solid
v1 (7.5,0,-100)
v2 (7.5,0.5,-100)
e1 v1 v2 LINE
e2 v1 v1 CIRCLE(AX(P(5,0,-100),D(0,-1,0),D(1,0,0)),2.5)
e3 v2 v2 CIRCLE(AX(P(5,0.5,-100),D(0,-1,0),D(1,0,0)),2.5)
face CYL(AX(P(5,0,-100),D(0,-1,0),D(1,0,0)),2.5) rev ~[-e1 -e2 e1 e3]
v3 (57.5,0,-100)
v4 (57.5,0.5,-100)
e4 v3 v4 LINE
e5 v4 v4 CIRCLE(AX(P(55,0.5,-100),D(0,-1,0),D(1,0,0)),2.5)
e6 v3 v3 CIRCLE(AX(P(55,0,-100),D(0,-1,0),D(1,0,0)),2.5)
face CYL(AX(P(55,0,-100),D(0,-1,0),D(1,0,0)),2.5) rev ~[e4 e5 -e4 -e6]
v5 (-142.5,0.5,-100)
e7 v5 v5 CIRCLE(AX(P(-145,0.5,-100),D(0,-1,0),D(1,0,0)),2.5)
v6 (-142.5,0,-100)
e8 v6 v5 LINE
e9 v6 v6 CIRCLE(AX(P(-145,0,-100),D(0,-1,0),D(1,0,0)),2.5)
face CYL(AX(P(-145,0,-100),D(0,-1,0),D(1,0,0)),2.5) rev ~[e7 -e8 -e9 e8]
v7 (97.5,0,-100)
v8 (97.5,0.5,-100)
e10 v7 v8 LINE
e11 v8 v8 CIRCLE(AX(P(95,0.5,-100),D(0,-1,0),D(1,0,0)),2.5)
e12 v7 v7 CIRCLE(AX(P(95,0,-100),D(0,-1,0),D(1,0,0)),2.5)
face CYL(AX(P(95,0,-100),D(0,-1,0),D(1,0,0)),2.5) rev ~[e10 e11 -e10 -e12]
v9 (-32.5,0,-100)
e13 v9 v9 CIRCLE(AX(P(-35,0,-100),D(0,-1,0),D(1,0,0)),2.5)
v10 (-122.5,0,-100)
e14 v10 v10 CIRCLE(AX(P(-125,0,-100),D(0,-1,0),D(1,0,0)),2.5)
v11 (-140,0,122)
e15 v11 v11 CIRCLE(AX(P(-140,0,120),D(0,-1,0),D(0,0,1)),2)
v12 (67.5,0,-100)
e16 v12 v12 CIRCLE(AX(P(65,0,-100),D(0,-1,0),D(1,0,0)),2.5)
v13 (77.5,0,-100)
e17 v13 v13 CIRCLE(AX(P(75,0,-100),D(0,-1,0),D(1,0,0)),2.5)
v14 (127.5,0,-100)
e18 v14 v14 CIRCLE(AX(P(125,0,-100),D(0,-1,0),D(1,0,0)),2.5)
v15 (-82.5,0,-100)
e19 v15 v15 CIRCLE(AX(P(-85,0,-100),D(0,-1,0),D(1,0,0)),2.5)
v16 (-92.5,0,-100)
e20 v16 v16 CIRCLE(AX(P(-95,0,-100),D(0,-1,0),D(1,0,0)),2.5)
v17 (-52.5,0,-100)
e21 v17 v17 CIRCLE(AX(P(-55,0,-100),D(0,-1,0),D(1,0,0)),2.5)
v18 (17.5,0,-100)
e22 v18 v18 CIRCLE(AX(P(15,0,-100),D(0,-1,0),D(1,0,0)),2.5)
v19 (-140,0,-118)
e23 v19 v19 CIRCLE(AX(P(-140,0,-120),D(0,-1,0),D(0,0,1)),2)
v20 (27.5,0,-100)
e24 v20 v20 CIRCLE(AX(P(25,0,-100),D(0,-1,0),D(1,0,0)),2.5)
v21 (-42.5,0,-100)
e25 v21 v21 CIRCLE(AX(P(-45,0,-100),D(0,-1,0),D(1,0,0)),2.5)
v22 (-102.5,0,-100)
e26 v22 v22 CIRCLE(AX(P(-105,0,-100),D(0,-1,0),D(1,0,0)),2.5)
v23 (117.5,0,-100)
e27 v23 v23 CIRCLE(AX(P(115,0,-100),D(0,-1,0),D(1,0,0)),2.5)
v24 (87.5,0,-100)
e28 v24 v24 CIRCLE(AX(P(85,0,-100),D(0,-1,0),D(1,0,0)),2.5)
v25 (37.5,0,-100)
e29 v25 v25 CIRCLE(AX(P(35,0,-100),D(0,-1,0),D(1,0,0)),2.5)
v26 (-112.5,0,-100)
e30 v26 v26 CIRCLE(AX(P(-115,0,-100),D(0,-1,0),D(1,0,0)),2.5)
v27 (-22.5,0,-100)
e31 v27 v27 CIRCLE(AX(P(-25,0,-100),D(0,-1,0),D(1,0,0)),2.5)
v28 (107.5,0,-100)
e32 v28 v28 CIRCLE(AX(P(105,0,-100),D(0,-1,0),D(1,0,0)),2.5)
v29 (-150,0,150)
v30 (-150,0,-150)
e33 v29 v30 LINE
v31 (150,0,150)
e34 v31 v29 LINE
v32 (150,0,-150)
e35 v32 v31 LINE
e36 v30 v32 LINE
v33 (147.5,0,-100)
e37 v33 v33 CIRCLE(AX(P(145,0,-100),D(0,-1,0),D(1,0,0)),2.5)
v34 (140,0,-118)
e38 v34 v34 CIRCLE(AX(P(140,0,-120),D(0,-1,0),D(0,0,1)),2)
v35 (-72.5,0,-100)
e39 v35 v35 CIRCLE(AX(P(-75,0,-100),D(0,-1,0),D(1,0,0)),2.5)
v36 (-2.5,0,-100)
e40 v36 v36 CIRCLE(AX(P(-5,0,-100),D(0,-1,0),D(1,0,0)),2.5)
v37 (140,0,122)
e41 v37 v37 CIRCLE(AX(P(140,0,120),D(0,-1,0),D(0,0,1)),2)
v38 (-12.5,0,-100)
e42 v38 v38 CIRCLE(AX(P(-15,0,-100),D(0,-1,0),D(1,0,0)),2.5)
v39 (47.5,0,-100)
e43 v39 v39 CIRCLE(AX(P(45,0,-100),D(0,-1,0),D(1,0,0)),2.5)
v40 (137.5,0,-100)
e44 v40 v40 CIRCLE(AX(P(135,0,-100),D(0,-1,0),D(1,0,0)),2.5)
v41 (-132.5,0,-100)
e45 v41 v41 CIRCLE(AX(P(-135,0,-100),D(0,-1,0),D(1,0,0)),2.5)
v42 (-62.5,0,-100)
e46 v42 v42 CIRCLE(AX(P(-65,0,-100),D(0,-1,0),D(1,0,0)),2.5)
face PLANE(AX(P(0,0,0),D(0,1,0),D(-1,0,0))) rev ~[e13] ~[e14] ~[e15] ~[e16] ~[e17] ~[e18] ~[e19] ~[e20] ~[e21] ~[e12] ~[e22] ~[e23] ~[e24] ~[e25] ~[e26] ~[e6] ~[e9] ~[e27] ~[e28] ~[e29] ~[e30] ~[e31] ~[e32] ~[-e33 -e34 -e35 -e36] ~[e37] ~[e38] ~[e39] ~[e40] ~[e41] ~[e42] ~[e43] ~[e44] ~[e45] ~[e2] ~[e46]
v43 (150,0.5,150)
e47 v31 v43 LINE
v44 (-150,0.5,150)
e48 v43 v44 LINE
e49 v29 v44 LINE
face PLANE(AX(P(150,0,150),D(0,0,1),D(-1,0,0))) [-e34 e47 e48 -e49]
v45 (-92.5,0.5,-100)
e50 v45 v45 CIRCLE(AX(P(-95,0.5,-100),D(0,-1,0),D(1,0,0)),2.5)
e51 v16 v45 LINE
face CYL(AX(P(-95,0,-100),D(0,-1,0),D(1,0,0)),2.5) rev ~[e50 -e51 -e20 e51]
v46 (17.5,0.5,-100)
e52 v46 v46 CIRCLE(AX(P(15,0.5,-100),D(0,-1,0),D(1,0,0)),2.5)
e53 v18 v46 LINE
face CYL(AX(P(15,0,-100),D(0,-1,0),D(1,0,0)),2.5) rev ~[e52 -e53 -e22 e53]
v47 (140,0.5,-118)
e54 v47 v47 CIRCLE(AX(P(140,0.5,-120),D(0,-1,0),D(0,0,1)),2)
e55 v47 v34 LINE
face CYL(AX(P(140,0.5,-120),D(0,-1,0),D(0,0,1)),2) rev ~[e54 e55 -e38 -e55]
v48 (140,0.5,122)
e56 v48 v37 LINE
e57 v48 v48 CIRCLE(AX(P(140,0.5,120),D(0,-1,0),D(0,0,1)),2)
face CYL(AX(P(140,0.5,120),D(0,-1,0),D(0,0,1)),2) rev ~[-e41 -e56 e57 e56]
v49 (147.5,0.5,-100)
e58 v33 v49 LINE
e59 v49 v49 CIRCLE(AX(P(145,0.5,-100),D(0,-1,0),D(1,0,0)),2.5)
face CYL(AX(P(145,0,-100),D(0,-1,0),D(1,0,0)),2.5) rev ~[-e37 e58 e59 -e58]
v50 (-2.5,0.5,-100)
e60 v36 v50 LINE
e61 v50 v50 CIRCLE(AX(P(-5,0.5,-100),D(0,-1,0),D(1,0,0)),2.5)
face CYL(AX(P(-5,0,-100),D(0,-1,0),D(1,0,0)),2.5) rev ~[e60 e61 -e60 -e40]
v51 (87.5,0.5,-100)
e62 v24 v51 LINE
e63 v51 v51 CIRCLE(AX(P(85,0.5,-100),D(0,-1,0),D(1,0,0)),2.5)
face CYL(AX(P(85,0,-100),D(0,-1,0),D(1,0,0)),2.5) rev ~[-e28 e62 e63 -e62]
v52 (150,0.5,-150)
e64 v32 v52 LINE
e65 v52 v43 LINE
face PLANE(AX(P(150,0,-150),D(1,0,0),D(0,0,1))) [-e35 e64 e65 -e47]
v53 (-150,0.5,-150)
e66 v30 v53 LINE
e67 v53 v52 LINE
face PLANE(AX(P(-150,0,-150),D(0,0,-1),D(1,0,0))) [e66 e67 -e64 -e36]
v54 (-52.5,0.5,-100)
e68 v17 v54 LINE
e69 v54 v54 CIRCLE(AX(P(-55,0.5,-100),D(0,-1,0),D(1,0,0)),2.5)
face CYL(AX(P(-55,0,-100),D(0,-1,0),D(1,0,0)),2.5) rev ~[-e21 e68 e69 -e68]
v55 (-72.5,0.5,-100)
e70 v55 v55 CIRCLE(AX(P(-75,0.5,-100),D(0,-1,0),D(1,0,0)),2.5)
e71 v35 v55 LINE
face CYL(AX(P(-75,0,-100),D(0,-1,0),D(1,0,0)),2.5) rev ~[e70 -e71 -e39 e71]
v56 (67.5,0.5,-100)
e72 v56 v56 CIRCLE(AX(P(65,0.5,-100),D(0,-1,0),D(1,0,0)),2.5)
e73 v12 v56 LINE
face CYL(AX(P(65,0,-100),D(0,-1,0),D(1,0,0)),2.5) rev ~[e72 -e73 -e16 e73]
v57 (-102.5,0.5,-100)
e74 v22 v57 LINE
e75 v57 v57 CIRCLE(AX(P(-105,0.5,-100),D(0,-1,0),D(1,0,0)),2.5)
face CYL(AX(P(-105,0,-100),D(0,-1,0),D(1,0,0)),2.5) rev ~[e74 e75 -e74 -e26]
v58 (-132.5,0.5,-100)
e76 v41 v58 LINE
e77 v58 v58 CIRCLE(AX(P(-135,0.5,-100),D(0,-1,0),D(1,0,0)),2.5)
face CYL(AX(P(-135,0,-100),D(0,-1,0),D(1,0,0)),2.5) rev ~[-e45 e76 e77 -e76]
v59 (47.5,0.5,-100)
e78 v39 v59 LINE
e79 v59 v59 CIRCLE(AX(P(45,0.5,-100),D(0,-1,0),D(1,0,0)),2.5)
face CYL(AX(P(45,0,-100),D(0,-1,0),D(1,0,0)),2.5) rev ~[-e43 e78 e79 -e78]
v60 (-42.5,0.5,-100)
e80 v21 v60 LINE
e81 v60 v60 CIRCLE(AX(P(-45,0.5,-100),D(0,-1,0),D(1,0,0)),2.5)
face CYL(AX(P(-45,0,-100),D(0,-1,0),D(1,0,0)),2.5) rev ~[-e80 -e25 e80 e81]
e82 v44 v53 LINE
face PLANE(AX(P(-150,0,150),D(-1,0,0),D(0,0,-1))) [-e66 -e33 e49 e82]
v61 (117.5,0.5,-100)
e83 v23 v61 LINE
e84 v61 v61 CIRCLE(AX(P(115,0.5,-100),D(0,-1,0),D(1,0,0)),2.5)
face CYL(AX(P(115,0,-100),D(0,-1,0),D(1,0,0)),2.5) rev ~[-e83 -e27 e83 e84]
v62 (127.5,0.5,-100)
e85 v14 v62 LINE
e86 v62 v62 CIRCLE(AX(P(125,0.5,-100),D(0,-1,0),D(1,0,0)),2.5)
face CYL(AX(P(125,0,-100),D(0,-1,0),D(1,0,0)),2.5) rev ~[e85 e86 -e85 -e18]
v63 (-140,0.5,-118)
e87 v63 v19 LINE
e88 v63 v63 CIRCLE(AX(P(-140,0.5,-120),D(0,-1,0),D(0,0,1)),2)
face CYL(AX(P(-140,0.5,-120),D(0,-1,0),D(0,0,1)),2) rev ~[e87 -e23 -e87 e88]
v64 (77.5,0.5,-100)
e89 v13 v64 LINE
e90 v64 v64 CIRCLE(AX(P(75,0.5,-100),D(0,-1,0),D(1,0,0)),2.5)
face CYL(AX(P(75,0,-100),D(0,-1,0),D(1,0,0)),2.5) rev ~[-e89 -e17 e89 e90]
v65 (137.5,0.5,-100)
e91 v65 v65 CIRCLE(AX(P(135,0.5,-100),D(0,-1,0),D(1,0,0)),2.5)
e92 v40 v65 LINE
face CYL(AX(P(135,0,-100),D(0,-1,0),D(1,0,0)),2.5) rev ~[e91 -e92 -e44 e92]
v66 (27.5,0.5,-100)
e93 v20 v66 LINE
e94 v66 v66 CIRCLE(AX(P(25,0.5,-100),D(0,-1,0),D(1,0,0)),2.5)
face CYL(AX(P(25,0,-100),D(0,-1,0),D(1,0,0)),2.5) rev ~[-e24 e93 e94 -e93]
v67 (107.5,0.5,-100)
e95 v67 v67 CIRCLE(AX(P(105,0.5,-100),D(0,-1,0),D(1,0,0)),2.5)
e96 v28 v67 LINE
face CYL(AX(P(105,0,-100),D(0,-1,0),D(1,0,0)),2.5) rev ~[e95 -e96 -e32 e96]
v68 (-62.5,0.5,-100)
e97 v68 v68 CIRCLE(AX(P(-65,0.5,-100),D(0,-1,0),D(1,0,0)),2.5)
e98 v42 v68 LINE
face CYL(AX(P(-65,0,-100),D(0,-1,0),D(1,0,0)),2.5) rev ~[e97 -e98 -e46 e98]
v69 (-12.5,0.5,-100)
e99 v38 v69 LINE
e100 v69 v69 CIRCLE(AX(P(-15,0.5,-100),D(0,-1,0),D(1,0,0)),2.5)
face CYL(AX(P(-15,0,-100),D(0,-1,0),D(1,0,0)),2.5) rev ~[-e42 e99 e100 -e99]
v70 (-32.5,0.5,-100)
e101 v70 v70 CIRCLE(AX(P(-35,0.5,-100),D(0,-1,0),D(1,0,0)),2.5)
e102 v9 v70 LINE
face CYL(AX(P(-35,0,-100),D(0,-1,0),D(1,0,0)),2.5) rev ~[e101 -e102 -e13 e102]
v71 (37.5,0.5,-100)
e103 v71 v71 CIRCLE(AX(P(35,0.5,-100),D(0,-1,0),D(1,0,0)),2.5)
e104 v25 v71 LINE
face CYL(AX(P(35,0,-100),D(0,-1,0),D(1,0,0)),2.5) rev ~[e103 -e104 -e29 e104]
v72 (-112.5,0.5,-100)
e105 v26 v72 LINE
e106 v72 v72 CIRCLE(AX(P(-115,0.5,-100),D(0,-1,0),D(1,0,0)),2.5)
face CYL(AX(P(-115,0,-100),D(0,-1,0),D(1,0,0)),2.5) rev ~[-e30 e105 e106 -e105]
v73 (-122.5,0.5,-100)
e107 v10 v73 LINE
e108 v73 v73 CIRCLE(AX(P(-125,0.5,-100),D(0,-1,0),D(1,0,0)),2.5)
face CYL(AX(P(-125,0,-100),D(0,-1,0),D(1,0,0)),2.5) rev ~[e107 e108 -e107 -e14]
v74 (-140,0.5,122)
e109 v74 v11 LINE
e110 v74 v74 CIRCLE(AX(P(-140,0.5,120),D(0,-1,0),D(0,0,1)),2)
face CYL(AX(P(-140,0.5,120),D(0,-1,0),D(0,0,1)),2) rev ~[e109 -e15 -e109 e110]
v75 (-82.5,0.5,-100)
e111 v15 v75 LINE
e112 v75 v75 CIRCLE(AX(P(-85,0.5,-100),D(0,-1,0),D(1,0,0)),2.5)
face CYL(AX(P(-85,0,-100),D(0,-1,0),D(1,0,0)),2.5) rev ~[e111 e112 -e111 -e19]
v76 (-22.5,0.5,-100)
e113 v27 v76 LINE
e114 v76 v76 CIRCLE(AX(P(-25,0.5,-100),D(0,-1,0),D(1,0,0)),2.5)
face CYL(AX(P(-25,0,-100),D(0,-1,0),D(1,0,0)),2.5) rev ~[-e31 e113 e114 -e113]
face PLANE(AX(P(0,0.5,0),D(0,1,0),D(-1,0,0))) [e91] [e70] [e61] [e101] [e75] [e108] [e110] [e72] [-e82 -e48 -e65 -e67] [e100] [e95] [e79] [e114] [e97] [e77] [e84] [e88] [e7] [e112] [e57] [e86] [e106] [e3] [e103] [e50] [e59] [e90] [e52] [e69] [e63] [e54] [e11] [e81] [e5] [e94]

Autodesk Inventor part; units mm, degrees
ref_plane "YZ Plane" through (0, 0, 0) normal (1, 0, 0) x (0, 1, 0)
ref_plane "XZ Plane" through (0, 0, 0) normal (0, 1, 0) x (-1, 0, 0)
ref_plane "XY Plane" through (0, 0, 0) normal (0, 0, 1) x (1, 0, 0)
sketch "Esboço2" plane through (0, 0, 0) normal (0, 1, 0) x (-1, 0, 0)
  line L0 (-150, 150) -> (150, 150)
  line L1 (150, 150) -> (150, -150)
  line L2 (150, -150) -> (-150, -150)
  line L3 (-150, -150) -> (-150, 150)
  line L4 (-150, 150) -> (150, -150) construction
  line L5 (150, 150) -> (-150, -150) construction
  point P0 (0, 0)
  dimension "d2" = 300
  dimension "d3" = 300
extrude "Placa1" add sketch "Esboço2" along normal blind 0.5
sketch "Esboço3" plane through (0, 0.5, 0) normal (0, 1, 0) x (1, 0, 0)
  line L0 (150, -150) -> (-150, -150) projected
  line L1 (-150, -150) -> (-150, 150) projected
  point P0 (0, 0)
  point P1 (-140, -120)
  point P2 (140, -120)
  point P3 (-140, 120)
  point P4 (140, 120)
  dimension "d5" = 120
  dimension "d6" = 140
  dimension "d9" = 280
  dimension "d12" = 240
hole "Furo1" at (-140, 0.5, 120) at (140, 0.5, 120) at (-140, 0.5, -120) at (140, 0.5, -120) direction (0, -1, 0) diameter 4 end through all
sketch "Esboço4" plane through (0, 0, 0) normal (0, -1, 0) x (1, 0, 0)
  circle A0 centre (-145, -100) radius 2.5
  line L0 (-150, 150) -> (-150, -150) projected
  line L1 (-150, -150) -> (150, -150) projected
  point P0 (0, 0)
  dimension "d22" = 5
  dimension "d23" = 5
  dimension "d24" = 50
extrude "Extrusão1" cut sketch "Esboço4" against normal up to surface (0.5 mm away)
pattern_linear "Padrão retangular1" count 30 spacing 10 along (1, 0, 0) of "Extrusão1"
equation "\"d9\" = 2 * d6"
equation "\"d12\" = 2 * d5"
equation "\"d20\" = Espessura"
equation "\"d4\" = Espessura"
equation "\"Raio_vergadura\" = Espessura"
equation "\"Largura_alívio_de_vergadura\" = Espessura"
equation "\"Profundidade_alívio_de_vergadura\" = 0.5 * Espessura"
equation "\"Tamanho_alívio_de_dobra\" = 4 * Espessura"
equation "\"Remanescente_mínimo\" = 2 * Espessura"
equation "\"Raiodetransição\" = Raio_vergadura"
equation "\"Tamanho_de_raio_de_Jacobi\" = Raio_vergadura"
equation "\"TamanhoFolga\" = Espessura"
equation "\"Espessura\" = 0.5"
properties part number "Lateral Acrilico" material "PMMA plástico"
